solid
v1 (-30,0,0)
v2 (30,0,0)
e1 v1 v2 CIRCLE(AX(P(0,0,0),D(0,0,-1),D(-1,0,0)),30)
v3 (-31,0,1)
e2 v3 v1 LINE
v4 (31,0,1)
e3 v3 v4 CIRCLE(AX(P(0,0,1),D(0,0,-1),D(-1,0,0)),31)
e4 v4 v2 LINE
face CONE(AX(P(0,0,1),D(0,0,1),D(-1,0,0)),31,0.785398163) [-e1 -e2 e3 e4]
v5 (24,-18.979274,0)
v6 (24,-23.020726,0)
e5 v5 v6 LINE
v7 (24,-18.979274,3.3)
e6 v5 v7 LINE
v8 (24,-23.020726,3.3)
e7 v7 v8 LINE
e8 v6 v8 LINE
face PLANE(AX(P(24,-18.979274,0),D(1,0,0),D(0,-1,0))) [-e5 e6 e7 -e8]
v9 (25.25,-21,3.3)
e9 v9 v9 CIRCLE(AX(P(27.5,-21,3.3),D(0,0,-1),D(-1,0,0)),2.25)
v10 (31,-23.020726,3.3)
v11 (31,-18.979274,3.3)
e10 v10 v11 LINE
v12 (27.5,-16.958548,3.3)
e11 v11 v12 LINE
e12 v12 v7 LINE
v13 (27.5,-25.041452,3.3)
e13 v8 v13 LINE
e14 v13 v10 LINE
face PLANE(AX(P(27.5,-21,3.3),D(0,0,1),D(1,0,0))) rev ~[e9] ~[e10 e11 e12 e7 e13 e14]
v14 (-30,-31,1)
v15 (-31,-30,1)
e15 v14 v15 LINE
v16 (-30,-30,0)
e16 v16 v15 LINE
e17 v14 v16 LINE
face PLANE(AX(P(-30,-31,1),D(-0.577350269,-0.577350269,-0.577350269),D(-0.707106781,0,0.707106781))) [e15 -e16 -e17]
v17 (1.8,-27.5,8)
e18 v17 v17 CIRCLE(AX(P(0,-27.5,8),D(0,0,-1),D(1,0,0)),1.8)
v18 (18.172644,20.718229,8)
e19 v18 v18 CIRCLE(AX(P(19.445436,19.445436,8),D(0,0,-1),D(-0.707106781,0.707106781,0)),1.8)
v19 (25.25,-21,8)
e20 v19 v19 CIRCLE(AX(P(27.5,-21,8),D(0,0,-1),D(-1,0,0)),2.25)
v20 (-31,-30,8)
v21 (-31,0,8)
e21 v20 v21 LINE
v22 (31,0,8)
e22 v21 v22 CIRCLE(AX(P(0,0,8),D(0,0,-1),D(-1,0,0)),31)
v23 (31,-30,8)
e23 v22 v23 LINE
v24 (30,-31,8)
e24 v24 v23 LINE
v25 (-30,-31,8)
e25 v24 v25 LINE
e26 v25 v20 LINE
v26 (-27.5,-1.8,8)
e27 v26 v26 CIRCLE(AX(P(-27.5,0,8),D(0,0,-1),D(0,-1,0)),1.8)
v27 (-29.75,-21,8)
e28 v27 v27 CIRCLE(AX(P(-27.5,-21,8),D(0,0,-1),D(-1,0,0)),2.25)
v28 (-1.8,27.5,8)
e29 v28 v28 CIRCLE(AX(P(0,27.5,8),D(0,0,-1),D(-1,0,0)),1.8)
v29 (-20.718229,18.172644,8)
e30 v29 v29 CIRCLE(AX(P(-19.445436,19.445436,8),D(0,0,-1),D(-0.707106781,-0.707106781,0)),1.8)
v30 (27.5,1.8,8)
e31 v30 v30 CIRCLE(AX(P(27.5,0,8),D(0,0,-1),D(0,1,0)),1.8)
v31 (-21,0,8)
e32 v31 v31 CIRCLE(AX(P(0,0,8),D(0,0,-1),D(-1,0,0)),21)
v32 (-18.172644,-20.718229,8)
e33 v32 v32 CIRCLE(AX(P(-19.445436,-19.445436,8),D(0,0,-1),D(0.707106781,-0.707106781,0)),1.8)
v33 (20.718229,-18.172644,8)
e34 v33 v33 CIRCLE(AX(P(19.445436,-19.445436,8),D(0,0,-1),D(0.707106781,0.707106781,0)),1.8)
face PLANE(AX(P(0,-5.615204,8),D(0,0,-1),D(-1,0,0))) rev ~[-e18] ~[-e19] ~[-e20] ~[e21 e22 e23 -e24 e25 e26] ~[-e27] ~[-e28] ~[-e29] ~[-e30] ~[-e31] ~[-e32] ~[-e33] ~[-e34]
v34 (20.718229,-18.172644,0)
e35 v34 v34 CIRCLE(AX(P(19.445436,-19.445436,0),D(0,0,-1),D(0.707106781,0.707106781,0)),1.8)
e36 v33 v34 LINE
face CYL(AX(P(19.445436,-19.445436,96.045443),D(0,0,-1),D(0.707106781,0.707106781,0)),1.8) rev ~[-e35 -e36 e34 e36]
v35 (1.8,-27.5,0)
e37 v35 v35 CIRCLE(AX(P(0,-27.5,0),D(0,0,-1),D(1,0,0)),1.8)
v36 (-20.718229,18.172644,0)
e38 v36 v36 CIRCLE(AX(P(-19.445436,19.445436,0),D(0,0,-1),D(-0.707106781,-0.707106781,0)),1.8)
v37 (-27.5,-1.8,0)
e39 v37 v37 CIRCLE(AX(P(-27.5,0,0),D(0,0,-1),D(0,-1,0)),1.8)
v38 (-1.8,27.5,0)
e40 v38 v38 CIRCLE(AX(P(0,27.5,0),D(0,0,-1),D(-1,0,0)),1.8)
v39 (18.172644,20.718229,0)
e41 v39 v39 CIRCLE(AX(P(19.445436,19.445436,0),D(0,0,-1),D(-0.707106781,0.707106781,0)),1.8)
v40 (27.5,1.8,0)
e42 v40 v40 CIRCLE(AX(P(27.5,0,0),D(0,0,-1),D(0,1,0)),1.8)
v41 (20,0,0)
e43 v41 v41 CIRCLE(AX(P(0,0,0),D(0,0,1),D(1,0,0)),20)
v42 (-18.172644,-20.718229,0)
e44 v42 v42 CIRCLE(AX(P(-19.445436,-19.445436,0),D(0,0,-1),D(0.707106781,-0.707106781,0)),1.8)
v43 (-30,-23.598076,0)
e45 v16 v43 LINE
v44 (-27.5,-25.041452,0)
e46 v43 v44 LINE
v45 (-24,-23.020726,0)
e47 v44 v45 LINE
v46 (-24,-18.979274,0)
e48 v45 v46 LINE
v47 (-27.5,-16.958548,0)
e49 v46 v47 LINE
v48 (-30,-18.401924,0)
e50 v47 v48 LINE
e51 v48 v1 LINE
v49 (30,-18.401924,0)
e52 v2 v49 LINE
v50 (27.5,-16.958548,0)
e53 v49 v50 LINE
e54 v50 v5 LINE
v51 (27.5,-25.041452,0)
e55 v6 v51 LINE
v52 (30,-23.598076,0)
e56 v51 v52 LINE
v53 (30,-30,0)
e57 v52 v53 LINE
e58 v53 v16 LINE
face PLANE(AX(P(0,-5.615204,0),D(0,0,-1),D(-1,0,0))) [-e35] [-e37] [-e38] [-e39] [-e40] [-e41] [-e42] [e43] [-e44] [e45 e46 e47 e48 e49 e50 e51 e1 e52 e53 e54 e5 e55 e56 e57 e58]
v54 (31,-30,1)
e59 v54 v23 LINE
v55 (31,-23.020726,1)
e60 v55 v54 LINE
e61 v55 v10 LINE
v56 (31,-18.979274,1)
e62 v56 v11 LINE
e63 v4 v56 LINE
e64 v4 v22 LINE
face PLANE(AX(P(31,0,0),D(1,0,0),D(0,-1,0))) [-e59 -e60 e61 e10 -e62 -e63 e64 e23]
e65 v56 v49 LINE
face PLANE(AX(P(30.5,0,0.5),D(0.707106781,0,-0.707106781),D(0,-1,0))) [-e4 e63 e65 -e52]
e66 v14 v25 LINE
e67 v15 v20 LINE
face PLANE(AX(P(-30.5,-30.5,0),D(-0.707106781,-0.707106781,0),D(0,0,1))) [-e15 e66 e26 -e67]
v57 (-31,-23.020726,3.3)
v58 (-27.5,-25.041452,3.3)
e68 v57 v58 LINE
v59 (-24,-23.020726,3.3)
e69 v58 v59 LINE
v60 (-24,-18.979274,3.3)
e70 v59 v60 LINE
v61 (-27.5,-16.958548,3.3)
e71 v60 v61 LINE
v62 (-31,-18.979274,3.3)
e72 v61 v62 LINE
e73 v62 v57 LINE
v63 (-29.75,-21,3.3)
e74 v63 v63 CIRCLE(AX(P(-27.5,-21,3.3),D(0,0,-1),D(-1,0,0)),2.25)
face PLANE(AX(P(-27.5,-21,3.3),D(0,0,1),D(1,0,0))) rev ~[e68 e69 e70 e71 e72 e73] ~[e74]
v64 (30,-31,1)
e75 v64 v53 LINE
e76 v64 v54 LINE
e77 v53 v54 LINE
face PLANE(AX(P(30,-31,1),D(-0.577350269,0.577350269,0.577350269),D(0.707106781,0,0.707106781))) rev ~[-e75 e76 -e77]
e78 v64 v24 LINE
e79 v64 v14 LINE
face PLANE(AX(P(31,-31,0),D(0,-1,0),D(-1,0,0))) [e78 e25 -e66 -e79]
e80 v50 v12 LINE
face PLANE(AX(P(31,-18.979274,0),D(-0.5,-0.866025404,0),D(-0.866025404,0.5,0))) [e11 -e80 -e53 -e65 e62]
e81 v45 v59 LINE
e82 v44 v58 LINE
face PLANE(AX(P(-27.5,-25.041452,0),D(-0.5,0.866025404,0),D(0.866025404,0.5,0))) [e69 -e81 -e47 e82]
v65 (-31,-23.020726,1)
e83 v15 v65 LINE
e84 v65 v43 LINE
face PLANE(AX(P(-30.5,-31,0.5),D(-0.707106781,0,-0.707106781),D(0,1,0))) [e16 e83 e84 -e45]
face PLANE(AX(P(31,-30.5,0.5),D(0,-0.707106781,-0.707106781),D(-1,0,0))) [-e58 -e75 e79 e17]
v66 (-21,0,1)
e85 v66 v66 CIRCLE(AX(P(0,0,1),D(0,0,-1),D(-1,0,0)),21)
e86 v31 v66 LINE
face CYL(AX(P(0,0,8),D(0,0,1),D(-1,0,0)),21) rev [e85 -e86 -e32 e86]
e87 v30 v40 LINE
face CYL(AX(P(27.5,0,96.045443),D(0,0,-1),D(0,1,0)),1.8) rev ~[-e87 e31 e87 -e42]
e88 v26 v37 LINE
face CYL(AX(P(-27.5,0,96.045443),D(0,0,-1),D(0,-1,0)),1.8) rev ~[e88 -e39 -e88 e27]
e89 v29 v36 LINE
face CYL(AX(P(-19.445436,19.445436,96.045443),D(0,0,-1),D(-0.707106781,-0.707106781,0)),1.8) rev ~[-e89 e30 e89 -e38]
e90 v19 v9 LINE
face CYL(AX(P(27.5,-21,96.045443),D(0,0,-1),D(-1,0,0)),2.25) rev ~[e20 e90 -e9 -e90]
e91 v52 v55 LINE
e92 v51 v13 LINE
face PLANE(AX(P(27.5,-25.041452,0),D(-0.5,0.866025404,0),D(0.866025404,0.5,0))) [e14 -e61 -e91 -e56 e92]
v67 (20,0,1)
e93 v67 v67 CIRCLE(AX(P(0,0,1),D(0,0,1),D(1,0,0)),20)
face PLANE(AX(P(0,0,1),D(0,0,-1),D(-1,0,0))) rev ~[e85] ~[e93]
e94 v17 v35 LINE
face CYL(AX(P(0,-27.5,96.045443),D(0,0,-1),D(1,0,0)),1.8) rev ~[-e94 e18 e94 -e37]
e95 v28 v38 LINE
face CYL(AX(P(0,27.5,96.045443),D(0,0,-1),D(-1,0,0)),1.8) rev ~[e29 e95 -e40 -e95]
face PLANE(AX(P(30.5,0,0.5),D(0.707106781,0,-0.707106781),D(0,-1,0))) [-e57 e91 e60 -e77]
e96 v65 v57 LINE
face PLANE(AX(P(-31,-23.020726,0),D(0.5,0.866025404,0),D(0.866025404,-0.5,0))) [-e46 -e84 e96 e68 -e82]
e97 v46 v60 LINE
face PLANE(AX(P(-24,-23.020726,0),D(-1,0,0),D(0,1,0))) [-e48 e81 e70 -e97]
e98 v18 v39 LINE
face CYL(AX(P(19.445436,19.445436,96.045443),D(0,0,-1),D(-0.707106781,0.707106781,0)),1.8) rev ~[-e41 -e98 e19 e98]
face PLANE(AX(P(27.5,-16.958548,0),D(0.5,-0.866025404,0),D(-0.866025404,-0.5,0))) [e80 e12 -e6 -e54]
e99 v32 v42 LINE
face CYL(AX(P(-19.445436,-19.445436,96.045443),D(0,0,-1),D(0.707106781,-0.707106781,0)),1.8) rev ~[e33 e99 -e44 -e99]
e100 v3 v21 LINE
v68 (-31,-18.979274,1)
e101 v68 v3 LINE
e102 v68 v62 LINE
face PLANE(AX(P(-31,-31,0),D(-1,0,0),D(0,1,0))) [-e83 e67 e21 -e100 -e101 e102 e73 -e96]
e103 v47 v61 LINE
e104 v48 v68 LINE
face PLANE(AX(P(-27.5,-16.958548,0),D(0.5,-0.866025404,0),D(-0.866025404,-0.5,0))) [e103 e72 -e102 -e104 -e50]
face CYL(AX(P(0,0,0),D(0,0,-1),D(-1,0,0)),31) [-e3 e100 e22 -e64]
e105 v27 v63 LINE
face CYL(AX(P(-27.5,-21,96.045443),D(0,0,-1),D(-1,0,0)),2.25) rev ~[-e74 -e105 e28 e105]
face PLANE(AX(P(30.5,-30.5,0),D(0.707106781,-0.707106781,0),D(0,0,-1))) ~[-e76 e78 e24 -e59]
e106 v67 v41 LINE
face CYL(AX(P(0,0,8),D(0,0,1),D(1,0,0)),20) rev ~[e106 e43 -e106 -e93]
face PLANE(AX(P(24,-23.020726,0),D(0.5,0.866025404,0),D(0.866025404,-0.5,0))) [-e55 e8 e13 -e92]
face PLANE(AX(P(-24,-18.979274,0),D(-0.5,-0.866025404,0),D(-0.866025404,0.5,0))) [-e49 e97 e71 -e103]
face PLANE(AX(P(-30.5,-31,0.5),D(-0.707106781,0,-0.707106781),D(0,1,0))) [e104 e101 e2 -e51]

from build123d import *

# Parameters (mm, degrees)
EXTRUDE_1_DEPTH          = 8
SKETCH_2_R               = 20
CUT_EXTRUDE_1_DEPTH      = 9
HOLE_WIZARD_M3_1_D       = 3.6
PATTERN_CIRCULAR_1_COUNT = 8
CHAMFER_1_SIZE           = 1
HOLE_WIZARD_M4_1_D       = 4.5
CUT_EXTRUDE_2_DEPTH      = 3.3
SKETCH_8_R               = 21
CUT_EXTRUDE_3_DEPTH      = 7


with BuildPart() as part:
    # ｽｹｯﾁ1 → ﾎﾞｽ - 押し出し1 (new body)
    with BuildSketch(Plane.XY):
        with BuildLine():
            Line((31, -31), (-31, -31))
            Line((-31, -31), (-31, 0))
            ThreePointArc((-31, 0), (0, 31), (31, 0))
            Line((31, 0), (31, -31))
        make_face()
    extrude(amount=EXTRUDE_1_DEPTH)

    # ｽｹｯﾁ2 → ｶｯﾄ - 押し出し1 (cut, through all)
    with BuildSketch(Plane.XY.offset(8)):
        Circle(SKETCH_2_R)
    extrude(amount=-CUT_EXTRUDE_1_DEPTH, mode=Mode.SUBTRACT)

    # M3 すきま穴1 (through all)
    with Locations(Plane.XY.offset(8)):
        with Locations((0, 27.5)):
            hole_wizard_m3_1 = Hole(HOLE_WIZARD_M3_1_D / 2)

    # 円形ﾊﾟﾀｰﾝ1: M3 すきま穴1 ×8 about axis
    pattern_circular_1_axis = Axis((0, 0, 0), (0, 0, 1))
    for i in range(1, PATTERN_CIRCULAR_1_COUNT):
        add(hole_wizard_m3_1.rotate(pattern_circular_1_axis, i * 360 / PATTERN_CIRCULAR_1_COUNT), mode=Mode.SUBTRACT)

    # 面取り1
    chamfer_1_edges = [part.edges().sort_by_distance(p)[0] for p in [
        (31, -15.5, 0),
        (0, -31, 0),
        (-31, -15.5, 0),
        (0, 31, 0),
        (31, -31, 4),
        (-31, -31, 4),
    ]]
    chamfer(chamfer_1_edges, length=CHAMFER_1_SIZE)

    # M4 すきま穴1 (through all)
    with Locations(Plane.XY.offset(8)):
        with Locations((-27.5, -21), (27.5, -21)):
            Hole(HOLE_WIZARD_M4_1_D / 2)

    # ｽｹｯﾁ7 → ｶｯﾄ - 押し出し2 (cut)
    with BuildSketch(Plane.XY):
        Polygon((-27.5, -25.041451884), (-24, -23.020725942), (-24, -18.979274058), (-27.5, -16.958548116), (-31, -18.979274058), (-31, -23.020725942), align=None)
        Polygon((31, -18.979274058), (27.5, -16.958548116), (24, -18.979274058), (24, -23.020725942), (27.5, -25.041451884), (31, -23.020725942), align=None)
    extrude(amount=CUT_EXTRUDE_2_DEPTH, mode=Mode.SUBTRACT)

    # ｽｹｯﾁ8 → ｶｯﾄ - 押し出し3 (cut)
    with BuildSketch(Plane(origin=(0, 0, 8), x_dir=(-1, 0, 0), z_dir=(0, 0, -1))):
        Circle(SKETCH_8_R)
    extrude(amount=CUT_EXTRUDE_3_DEPTH, mode=Mode.SUBTRACT)


solid = part.part
